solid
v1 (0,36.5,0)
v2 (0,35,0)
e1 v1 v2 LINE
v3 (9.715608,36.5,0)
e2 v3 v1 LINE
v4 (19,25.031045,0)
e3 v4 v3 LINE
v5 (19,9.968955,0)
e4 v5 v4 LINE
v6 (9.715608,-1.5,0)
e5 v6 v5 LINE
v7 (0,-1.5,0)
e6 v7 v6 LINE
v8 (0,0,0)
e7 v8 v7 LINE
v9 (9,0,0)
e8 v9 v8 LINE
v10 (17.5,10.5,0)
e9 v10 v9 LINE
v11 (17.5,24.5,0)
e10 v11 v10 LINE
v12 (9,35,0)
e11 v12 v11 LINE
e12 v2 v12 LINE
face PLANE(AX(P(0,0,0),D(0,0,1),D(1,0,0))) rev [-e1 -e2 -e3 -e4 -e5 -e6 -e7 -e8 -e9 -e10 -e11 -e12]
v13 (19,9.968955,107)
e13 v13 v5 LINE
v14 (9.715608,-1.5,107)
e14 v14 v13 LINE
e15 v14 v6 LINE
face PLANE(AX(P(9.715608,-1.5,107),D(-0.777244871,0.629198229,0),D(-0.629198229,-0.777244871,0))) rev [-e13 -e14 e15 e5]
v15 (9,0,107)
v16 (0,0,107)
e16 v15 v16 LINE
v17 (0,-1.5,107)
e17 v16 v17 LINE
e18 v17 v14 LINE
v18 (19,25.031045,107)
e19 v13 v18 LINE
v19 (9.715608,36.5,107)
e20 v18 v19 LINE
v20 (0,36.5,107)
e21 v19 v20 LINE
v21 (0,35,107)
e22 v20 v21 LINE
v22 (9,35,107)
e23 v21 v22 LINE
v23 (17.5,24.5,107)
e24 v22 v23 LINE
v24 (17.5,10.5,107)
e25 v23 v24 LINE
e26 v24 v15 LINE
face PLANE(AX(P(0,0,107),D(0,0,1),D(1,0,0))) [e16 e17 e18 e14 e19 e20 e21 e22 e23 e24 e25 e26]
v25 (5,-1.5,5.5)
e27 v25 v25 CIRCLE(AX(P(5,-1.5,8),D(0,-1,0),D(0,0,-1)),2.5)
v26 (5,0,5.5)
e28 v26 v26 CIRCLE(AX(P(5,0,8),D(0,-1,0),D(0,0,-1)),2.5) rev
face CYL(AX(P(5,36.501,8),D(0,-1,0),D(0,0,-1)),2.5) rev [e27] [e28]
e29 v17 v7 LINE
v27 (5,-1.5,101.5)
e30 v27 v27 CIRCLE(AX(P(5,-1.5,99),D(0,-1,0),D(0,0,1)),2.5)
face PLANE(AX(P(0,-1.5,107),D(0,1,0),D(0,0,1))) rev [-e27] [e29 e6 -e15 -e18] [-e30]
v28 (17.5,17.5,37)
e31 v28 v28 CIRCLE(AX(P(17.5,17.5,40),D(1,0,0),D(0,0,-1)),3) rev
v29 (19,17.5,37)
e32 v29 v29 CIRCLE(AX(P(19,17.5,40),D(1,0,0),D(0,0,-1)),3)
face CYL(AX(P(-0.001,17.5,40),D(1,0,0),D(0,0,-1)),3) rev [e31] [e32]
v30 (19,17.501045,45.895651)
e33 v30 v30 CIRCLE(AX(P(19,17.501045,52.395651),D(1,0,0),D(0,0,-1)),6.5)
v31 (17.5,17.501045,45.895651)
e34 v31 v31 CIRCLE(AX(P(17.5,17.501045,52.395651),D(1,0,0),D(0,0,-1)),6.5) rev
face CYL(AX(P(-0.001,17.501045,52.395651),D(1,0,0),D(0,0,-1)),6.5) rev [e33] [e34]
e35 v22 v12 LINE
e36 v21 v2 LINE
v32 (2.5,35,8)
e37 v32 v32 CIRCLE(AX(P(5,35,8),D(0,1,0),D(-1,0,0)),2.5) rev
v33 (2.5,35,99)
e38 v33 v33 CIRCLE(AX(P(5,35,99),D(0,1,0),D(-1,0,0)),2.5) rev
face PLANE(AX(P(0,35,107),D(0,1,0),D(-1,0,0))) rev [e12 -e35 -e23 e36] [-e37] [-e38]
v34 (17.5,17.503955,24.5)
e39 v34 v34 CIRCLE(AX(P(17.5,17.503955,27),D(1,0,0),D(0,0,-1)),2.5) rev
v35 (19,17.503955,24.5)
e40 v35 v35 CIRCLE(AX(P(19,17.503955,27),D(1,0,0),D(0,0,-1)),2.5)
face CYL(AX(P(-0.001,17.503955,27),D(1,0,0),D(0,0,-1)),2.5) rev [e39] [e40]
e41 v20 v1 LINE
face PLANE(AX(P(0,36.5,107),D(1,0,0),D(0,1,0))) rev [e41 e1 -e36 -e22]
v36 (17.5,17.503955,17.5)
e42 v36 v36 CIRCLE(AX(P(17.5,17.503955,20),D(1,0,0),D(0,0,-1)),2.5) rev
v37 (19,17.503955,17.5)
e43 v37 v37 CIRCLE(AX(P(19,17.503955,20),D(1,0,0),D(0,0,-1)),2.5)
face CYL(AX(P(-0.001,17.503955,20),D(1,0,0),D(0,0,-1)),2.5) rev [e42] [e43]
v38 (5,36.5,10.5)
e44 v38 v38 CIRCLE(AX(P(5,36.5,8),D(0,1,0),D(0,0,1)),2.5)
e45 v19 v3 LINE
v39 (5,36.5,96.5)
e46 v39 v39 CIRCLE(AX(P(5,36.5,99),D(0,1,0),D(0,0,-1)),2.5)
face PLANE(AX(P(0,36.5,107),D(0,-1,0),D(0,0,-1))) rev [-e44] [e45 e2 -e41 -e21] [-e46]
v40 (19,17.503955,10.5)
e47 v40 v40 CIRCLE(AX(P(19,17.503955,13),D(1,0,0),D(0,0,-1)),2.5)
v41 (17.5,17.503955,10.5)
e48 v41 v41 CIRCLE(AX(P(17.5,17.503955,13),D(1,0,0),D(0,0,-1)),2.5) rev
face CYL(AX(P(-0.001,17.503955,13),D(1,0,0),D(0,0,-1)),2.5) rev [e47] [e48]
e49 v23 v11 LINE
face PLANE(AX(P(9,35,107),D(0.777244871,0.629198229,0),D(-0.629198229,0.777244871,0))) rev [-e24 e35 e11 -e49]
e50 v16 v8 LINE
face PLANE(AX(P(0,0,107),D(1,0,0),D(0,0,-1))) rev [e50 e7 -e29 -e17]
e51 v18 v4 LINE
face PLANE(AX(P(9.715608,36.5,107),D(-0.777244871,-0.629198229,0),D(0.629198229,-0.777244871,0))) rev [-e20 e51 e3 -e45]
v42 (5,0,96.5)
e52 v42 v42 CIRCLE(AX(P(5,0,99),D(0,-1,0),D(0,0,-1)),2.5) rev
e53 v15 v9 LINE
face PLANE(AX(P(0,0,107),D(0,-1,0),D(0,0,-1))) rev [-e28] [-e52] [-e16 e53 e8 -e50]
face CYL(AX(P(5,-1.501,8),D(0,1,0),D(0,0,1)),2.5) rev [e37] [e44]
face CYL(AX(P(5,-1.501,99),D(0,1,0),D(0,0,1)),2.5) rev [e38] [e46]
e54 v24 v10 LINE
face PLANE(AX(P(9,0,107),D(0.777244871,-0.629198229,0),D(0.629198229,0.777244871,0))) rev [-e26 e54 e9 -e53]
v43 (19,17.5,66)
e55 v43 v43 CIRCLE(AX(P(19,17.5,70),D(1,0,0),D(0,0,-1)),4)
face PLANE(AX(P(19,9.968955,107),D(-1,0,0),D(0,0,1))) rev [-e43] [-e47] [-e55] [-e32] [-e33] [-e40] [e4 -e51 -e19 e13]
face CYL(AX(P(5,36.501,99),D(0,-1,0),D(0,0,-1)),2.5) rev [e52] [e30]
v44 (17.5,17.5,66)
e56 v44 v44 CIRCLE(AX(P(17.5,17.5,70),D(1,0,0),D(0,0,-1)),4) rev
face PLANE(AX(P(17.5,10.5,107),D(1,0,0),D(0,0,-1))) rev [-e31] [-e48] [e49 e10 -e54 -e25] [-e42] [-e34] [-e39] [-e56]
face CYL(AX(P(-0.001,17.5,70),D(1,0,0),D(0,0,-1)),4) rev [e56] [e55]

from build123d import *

# Parameters (mm, degrees)
SALIENTE_EXTRUIR1_DEPTH = 107
CORTAR_EXTRUIR1_REACH   = 40
CROQUIS3_R              = 2.5
CORTAR_EXTRUIR2_REACH   = 40
CROQUIS4_R              = 2.5
CORTAR_EXTRUIR3_REACH   = 21
CROQUIS5_R              = 3
CROQUIS5_R_2            = 4
CORTAR_EXTRUIR4_REACH   = 21
CROQUIS6_R              = 6.5
CORTAR_EXTRUIR5_REACH   = 21
CROQUIS7_R              = 2.5


with BuildPart() as part:
    # Croquis1 → Saliente-Extruir1 (new body)
    with BuildSketch(Plane.XY):
        Polygon((0, 0), (9, 0), (17.5, 10.5), (17.5, 24.5), (9, 35), (0, 35), (0, 36.5), (9.715608012, 36.5), (19, 25.031045192), (19, 9.968954808), (9.715608012, -1.5), (0, -1.5), align=None)
    extrude(amount=SALIENTE_EXTRUIR1_DEPTH)

    # Croquis3 → Cortar-Extruir1 (cut, up to next)
    with BuildSketch(Plane(origin=(0, 36.5, 0), x_dir=(1, 0, 0), z_dir=(0, 1, 0)), mode=Mode.PRIVATE) as cortar_extruir1_sk1:
        with Locations((5, -8)):
            Circle(CROQUIS3_R)
    cortar_extruir1_tool1 = extrude(cortar_extruir1_sk1.sketch, amount=-CORTAR_EXTRUIR1_REACH, mode=Mode.PRIVATE) & part.part
    add(cortar_extruir1_tool1.solids().sort_by_distance((5, 36.5, 8))[0], mode=Mode.SUBTRACT)
    # Croquis3 → Cortar-Extruir1 (cut, up to next)
    with BuildSketch(Plane(origin=(0, 36.5, 0), x_dir=(1, 0, 0), z_dir=(0, 1, 0)), mode=Mode.PRIVATE) as cortar_extruir1_sk2:
        with Locations((5, -99)):
            Circle(CROQUIS3_R)
    cortar_extruir1_tool2 = extrude(cortar_extruir1_sk2.sketch, amount=-CORTAR_EXTRUIR1_REACH, mode=Mode.PRIVATE) & part.part
    add(cortar_extruir1_tool2.solids().sort_by_distance((5, 36.5, 99))[0], mode=Mode.SUBTRACT)

    # Croquis4 → Cortar-Extruir2 (cut, up to next)
    with BuildSketch(Plane.XZ.offset(1.5), mode=Mode.PRIVATE) as cortar_extruir2_sk1:
        with Locations((5, 8)):
            Circle(CROQUIS4_R)
    cortar_extruir2_tool1 = extrude(cortar_extruir2_sk1.sketch, amount=-CORTAR_EXTRUIR2_REACH, mode=Mode.PRIVATE) & part.part
    add(cortar_extruir2_tool1.solids().sort_by_distance((5, -1.5, 8))[0], mode=Mode.SUBTRACT)
    # Croquis4 → Cortar-Extruir2 (cut, up to next)
    with BuildSketch(Plane.XZ.offset(1.5), mode=Mode.PRIVATE) as cortar_extruir2_sk2:
        with Locations((5, 99)):
            Circle(CROQUIS4_R)
    cortar_extruir2_tool2 = extrude(cortar_extruir2_sk2.sketch, amount=-CORTAR_EXTRUIR2_REACH, mode=Mode.PRIVATE) & part.part
    add(cortar_extruir2_tool2.solids().sort_by_distance((5, -1.5, 99))[0], mode=Mode.SUBTRACT)

    # Croquis5 → Cortar-Extruir3 (cut, up to next)
    with BuildSketch(Plane(origin=(19, 0, 0), x_dir=(0, 0, -1), z_dir=(1, 0, 0)), mode=Mode.PRIVATE) as cortar_extruir3_sk1:
        with Locations((-40, 17.5)):
            Circle(CROQUIS5_R)
    cortar_extruir3_tool1 = extrude(cortar_extruir3_sk1.sketch, amount=-CORTAR_EXTRUIR3_REACH, mode=Mode.PRIVATE) & part.part
    add(cortar_extruir3_tool1.solids().sort_by_distance((19, 17.5, 40))[0], mode=Mode.SUBTRACT)
    # Croquis5 → Cortar-Extruir3 (cut, up to next)
    with BuildSketch(Plane(origin=(19, 0, 0), x_dir=(0, 0, -1), z_dir=(1, 0, 0)), mode=Mode.PRIVATE) as cortar_extruir3_sk2:
        with Locations((-70, 17.5)):
            Circle(CROQUIS5_R_2)
    cortar_extruir3_tool2 = extrude(cortar_extruir3_sk2.sketch, amount=-CORTAR_EXTRUIR3_REACH, mode=Mode.PRIVATE) & part.part
    add(cortar_extruir3_tool2.solids().sort_by_distance((19, 17.5, 70))[0], mode=Mode.SUBTRACT)

    # Croquis6 → Cortar-Extruir4 (cut, up to next)
    with BuildSketch(Plane(origin=(19, 0, 0), x_dir=(0, 0, -1), z_dir=(1, 0, 0)), mode=Mode.PRIVATE) as cortar_extruir4_sk1:
        with Locations((-52.395650843, 17.501045192)):
            Circle(CROQUIS6_R)
    cortar_extruir4_tool1 = extrude(cortar_extruir4_sk1.sketch, amount=-CORTAR_EXTRUIR4_REACH, mode=Mode.PRIVATE) & part.part
    add(cortar_extruir4_tool1.solids().sort_by_distance((19, 17.501045, 52.395651))[0], mode=Mode.SUBTRACT)

    # Croquis7 → Cortar-Extruir5 (cut, up to next)
    with BuildSketch(Plane(origin=(19, 0, 0), x_dir=(0, 0, -1), z_dir=(1, 0, 0)), mode=Mode.PRIVATE) as cortar_extruir5_sk1:
        with Locations((-27, 17.503954808)):
            Circle(CROQUIS7_R)
    cortar_extruir5_tool1 = extrude(cortar_extruir5_sk1.sketch, amount=-CORTAR_EXTRUIR5_REACH, mode=Mode.PRIVATE) & part.part
    add(cortar_extruir5_tool1.solids().sort_by_distance((19, 17.503955, 27))[0], mode=Mode.SUBTRACT)
    # Croquis7 → Cortar-Extruir5 (cut, up to next)
    with BuildSketch(Plane(origin=(19, 0, 0), x_dir=(0, 0, -1), z_dir=(1, 0, 0)), mode=Mode.PRIVATE) as cortar_extruir5_sk2:
        with Locations((-20, 17.503954808)):
            Circle(CROQUIS7_R)
    cortar_extruir5_tool2 = extrude(cortar_extruir5_sk2.sketch, amount=-CORTAR_EXTRUIR5_REACH, mode=Mode.PRIVATE) & part.part
    add(cortar_extruir5_tool2.solids().sort_by_distance((19, 17.503955, 20))[0], mode=Mode.SUBTRACT)
    # Croquis7 → Cortar-Extruir5 (cut, up to next)
    with BuildSketch(Plane(origin=(19, 0, 0), x_dir=(0, 0, -1), z_dir=(1, 0, 0)), mode=Mode.PRIVATE) as cortar_extruir5_sk3:
        with Locations((-13, 17.503954808)):
            Circle(CROQUIS7_R)
    cortar_extruir5_tool3 = extrude(cortar_extruir5_sk3.sketch, amount=-CORTAR_EXTRUIR5_REACH, mode=Mode.PRIVATE) & part.part
    add(cortar_extruir5_tool3.solids().sort_by_distance((19, 17.503955, 13))[0], mode=Mode.SUBTRACT)


solid = part.part
